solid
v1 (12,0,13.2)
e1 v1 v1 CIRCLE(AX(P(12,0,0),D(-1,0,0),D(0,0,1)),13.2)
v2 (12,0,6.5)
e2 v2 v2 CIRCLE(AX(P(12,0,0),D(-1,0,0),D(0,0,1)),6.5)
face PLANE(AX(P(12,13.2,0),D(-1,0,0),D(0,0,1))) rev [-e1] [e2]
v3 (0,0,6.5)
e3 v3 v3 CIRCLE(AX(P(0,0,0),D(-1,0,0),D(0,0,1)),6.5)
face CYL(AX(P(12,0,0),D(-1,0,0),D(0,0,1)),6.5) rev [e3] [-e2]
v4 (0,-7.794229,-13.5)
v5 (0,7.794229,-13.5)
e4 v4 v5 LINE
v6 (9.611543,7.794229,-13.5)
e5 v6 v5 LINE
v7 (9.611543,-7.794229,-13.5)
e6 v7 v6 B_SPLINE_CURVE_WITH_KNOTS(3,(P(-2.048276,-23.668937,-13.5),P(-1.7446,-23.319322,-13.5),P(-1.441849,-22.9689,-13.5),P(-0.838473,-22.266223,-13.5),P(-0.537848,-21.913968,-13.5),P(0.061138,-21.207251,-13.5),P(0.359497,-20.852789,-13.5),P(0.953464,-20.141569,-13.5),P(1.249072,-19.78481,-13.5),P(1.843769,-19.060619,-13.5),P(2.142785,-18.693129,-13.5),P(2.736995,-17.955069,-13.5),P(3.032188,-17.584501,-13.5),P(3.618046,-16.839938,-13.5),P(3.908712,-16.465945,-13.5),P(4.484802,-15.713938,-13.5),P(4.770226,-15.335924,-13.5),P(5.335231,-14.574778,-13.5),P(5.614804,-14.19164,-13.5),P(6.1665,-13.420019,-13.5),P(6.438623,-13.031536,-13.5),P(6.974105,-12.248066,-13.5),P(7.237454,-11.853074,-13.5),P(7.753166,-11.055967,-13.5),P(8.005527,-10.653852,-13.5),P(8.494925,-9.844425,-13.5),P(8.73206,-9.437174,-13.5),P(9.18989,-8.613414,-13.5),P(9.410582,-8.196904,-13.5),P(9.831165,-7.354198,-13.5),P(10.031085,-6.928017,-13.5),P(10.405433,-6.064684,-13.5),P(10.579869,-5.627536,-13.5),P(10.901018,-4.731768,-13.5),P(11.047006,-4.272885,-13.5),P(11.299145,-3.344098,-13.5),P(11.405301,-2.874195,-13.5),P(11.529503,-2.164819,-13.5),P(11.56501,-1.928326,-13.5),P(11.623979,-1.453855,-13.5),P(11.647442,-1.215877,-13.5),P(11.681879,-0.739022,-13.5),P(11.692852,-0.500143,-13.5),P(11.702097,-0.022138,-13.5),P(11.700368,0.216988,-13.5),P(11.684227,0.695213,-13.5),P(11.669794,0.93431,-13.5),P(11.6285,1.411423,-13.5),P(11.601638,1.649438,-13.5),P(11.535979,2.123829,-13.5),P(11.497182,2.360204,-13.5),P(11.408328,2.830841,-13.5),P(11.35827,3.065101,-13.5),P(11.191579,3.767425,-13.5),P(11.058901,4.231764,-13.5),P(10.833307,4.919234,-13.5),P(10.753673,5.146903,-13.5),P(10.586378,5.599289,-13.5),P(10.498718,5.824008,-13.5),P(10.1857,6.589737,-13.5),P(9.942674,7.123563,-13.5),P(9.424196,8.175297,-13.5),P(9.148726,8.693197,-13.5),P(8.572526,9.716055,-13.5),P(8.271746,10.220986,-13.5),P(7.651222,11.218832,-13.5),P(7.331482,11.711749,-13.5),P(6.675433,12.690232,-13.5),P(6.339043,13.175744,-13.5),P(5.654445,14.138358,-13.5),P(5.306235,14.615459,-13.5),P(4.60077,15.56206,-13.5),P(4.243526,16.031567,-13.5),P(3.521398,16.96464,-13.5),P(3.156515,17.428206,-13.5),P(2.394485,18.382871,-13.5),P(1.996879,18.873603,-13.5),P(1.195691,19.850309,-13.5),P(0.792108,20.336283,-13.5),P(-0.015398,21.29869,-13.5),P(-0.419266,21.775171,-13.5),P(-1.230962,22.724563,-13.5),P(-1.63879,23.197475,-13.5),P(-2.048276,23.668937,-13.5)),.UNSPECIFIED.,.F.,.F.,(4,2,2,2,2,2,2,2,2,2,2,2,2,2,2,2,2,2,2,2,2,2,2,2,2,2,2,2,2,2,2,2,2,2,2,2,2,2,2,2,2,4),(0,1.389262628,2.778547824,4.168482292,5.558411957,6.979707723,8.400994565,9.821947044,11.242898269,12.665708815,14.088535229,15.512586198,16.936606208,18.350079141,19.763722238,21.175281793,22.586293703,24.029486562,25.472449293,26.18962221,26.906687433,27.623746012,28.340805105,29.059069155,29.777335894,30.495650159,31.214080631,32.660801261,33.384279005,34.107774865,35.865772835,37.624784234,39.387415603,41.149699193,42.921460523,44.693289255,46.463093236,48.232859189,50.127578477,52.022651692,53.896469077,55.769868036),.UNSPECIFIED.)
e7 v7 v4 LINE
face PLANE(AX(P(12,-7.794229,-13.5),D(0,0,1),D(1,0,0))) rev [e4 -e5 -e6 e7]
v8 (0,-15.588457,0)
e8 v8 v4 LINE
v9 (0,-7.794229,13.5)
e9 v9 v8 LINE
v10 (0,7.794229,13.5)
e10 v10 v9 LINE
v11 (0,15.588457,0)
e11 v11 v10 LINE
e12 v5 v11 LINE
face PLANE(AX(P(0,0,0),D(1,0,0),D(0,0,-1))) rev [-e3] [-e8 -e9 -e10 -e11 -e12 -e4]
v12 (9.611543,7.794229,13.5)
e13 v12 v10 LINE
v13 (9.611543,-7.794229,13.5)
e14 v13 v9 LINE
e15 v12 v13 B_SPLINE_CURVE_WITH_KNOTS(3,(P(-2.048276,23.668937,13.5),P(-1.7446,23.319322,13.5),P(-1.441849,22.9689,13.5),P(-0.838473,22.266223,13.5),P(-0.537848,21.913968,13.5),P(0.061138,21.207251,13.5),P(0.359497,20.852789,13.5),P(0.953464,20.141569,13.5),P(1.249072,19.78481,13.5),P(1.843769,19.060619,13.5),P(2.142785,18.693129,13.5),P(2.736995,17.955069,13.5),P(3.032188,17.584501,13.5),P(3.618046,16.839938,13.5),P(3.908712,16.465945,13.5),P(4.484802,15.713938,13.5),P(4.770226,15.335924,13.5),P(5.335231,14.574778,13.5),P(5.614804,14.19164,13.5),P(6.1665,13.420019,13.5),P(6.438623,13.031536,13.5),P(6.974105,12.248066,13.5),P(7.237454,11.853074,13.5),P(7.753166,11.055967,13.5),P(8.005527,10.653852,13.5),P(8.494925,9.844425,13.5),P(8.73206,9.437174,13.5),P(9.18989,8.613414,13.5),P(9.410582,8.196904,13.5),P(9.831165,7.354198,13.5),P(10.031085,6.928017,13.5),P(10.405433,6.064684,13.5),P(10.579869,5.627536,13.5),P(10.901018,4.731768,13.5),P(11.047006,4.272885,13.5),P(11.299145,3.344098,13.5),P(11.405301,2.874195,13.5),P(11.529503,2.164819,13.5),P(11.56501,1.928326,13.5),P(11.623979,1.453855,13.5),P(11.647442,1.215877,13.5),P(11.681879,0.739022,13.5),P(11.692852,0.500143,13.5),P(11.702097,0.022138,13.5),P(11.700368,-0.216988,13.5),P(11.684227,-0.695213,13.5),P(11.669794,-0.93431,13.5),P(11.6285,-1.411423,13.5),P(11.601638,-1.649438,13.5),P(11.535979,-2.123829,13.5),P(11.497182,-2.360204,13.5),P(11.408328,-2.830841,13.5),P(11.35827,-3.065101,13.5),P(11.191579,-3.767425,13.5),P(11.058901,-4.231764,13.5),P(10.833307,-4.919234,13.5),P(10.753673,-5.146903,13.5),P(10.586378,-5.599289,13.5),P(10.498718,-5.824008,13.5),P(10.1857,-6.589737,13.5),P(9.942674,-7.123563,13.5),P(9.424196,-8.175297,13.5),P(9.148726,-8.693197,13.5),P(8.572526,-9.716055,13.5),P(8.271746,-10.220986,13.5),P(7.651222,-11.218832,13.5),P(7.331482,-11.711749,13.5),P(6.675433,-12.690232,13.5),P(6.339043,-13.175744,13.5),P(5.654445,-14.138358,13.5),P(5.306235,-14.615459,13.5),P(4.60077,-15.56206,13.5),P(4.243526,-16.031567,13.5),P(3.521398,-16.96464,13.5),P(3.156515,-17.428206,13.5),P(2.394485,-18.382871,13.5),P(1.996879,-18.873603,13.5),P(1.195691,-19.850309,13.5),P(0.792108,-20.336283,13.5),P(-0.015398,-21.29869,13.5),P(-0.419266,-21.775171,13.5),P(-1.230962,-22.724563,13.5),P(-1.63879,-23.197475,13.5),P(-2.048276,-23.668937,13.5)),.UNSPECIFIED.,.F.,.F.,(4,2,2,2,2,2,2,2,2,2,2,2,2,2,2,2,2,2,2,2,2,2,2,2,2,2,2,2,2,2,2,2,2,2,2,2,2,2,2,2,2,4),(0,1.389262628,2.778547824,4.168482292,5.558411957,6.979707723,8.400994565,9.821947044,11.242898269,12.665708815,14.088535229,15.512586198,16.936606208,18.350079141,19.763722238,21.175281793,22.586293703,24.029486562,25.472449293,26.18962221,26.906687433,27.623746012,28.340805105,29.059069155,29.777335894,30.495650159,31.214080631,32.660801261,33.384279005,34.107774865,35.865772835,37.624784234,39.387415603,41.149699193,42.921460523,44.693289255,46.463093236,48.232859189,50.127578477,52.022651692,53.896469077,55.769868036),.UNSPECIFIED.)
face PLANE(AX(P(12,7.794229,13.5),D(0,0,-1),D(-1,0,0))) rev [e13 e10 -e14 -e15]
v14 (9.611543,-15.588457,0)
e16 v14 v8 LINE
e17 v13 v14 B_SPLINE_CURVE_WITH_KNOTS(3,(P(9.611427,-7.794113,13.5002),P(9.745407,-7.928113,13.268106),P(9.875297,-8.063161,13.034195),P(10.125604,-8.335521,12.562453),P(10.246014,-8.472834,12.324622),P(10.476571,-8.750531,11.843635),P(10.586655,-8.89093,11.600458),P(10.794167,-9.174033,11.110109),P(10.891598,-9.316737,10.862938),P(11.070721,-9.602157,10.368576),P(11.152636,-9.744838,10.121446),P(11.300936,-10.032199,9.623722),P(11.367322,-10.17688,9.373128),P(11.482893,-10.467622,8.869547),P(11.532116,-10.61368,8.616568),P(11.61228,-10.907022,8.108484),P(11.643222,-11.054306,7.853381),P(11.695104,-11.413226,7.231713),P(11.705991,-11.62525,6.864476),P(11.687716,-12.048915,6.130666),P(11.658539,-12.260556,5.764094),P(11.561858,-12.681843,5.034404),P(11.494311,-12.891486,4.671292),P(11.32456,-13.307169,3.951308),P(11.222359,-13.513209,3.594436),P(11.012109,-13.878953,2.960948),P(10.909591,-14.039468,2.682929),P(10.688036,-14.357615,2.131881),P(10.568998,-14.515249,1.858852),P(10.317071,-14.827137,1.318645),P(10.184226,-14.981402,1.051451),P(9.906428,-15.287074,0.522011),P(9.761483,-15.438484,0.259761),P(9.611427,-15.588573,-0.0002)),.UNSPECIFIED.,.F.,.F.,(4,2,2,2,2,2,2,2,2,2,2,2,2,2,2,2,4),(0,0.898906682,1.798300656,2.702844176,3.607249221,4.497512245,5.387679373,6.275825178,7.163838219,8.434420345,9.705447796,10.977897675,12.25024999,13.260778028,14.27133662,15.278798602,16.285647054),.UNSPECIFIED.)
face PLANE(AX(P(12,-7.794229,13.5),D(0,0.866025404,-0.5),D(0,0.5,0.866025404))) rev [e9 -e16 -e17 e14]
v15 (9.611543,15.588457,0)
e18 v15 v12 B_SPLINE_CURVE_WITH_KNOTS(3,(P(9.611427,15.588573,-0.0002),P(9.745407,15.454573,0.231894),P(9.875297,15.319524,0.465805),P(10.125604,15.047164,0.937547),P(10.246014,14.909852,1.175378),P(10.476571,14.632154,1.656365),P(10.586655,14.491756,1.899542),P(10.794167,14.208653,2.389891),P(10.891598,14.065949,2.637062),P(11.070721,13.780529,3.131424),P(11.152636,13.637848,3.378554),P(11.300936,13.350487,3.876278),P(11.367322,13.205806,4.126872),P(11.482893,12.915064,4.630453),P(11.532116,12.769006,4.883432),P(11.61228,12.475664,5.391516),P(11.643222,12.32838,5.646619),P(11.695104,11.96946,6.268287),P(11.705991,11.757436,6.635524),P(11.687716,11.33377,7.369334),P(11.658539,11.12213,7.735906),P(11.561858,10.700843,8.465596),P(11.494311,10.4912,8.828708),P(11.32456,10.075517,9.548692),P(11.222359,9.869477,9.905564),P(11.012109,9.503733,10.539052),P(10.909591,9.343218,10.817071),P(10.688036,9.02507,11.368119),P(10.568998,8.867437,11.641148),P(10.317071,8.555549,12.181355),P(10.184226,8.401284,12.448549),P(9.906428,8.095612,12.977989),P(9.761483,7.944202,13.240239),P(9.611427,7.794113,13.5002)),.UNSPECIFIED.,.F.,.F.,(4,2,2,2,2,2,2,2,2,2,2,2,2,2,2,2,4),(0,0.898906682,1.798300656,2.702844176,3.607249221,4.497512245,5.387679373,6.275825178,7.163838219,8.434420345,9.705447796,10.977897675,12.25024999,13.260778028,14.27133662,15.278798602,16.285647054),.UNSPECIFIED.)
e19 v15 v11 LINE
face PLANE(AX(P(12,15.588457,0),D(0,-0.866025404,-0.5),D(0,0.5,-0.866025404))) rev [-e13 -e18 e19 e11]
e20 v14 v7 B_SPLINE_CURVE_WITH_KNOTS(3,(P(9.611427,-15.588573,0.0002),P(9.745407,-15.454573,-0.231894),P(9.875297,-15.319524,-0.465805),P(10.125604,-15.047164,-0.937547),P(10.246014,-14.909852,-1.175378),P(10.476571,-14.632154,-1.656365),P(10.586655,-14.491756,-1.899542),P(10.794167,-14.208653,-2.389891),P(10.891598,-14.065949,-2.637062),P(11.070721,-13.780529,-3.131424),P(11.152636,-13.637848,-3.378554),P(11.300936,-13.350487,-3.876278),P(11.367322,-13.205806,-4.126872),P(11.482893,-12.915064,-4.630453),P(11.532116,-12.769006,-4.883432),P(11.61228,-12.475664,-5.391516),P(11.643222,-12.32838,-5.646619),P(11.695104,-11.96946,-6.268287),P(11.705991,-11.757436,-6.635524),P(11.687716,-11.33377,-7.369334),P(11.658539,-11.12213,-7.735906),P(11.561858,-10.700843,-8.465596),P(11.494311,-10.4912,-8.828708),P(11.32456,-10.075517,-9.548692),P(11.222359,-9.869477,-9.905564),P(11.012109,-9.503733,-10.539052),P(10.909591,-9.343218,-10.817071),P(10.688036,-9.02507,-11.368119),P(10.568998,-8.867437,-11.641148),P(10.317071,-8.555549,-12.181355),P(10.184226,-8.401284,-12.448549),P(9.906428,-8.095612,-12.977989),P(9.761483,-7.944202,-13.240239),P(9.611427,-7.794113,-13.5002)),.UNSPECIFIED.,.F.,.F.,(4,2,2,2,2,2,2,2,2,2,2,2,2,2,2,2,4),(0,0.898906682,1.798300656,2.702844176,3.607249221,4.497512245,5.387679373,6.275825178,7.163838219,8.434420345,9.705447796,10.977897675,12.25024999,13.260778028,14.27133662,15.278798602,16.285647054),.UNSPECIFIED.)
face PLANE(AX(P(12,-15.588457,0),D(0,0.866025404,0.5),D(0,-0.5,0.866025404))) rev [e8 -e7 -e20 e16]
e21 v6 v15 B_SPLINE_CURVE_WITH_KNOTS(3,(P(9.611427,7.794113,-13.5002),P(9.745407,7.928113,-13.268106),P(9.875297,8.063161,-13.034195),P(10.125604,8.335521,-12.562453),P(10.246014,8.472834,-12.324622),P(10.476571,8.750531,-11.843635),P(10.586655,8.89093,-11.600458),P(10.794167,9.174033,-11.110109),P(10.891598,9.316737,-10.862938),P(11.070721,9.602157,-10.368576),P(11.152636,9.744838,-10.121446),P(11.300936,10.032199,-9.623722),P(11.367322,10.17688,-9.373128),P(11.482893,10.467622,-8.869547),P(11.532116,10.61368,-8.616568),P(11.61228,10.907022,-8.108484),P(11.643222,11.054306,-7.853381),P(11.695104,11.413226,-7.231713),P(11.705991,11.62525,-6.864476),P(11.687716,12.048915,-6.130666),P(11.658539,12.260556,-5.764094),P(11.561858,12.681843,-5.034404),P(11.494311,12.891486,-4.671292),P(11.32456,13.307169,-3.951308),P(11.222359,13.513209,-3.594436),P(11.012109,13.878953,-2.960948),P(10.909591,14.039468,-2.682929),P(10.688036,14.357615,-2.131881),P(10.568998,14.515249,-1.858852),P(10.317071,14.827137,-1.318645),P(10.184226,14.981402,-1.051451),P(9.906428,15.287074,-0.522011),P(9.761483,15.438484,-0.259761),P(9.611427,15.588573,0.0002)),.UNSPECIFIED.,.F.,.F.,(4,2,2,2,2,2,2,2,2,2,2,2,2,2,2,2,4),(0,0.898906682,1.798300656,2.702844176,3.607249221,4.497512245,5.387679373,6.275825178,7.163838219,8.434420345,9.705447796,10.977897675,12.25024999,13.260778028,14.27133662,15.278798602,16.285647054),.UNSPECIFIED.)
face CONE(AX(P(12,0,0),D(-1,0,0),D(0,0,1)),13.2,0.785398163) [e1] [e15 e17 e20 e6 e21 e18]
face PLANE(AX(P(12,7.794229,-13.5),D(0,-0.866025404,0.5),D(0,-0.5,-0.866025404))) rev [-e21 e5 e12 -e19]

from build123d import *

# Parameters (mm, degrees)
SKETCH2_R          = 27
CUT_EXTRUDE1_DEPTH = 12
SKETCH3_W          = 12
SKETCH3_H          = 6.5


with BuildPart() as part:
    # Sketch1 → Revolve1 (revolve)
    with BuildSketch(Plane.XY, mode=Mode.PRIVATE) as revolve1_sk:
        Polygon((0, 0), (0, 16.2), (9, 16.2), (12, 13.2), (12, 0), align=None)
    revolve(revolve1_sk.sketch.rotate(Axis((12, 0, 0), (-1, 0, 0)), 270), axis=Axis((12, 0, 0), (-1, 0, 0)))

    # Sketch2 → Cut-Extrude1 (cut)
    with BuildSketch(Plane(origin=(0, 0, 0), x_dir=(0, 0, -1), z_dir=(1, 0, 0))):
        Circle(SKETCH2_R)
        Polygon((-13.5, -7.794228634), (0, -15.588457268), (13.5, -7.794228634), (13.5, 7.794228634), (0, 15.588457268), (-13.5, 7.794228634), align=None, mode=Mode.SUBTRACT)
    extrude(amount=CUT_EXTRUDE1_DEPTH, mode=Mode.SUBTRACT)

    # Sketch3 → Cut-Revolve1 (revolve, cut)
    with BuildSketch(Plane.XY, mode=Mode.PRIVATE) as cut_revolve1_sk:
        with Locations((6, 3.25)):
            Rectangle(SKETCH3_W, SKETCH3_H)
    revolve(cut_revolve1_sk.sketch.rotate(Axis((12, 0, 0), (-1, 0, 0)), 270), axis=Axis((12, 0, 0), (-1, 0, 0)), mode=Mode.SUBTRACT)


solid = part.part
